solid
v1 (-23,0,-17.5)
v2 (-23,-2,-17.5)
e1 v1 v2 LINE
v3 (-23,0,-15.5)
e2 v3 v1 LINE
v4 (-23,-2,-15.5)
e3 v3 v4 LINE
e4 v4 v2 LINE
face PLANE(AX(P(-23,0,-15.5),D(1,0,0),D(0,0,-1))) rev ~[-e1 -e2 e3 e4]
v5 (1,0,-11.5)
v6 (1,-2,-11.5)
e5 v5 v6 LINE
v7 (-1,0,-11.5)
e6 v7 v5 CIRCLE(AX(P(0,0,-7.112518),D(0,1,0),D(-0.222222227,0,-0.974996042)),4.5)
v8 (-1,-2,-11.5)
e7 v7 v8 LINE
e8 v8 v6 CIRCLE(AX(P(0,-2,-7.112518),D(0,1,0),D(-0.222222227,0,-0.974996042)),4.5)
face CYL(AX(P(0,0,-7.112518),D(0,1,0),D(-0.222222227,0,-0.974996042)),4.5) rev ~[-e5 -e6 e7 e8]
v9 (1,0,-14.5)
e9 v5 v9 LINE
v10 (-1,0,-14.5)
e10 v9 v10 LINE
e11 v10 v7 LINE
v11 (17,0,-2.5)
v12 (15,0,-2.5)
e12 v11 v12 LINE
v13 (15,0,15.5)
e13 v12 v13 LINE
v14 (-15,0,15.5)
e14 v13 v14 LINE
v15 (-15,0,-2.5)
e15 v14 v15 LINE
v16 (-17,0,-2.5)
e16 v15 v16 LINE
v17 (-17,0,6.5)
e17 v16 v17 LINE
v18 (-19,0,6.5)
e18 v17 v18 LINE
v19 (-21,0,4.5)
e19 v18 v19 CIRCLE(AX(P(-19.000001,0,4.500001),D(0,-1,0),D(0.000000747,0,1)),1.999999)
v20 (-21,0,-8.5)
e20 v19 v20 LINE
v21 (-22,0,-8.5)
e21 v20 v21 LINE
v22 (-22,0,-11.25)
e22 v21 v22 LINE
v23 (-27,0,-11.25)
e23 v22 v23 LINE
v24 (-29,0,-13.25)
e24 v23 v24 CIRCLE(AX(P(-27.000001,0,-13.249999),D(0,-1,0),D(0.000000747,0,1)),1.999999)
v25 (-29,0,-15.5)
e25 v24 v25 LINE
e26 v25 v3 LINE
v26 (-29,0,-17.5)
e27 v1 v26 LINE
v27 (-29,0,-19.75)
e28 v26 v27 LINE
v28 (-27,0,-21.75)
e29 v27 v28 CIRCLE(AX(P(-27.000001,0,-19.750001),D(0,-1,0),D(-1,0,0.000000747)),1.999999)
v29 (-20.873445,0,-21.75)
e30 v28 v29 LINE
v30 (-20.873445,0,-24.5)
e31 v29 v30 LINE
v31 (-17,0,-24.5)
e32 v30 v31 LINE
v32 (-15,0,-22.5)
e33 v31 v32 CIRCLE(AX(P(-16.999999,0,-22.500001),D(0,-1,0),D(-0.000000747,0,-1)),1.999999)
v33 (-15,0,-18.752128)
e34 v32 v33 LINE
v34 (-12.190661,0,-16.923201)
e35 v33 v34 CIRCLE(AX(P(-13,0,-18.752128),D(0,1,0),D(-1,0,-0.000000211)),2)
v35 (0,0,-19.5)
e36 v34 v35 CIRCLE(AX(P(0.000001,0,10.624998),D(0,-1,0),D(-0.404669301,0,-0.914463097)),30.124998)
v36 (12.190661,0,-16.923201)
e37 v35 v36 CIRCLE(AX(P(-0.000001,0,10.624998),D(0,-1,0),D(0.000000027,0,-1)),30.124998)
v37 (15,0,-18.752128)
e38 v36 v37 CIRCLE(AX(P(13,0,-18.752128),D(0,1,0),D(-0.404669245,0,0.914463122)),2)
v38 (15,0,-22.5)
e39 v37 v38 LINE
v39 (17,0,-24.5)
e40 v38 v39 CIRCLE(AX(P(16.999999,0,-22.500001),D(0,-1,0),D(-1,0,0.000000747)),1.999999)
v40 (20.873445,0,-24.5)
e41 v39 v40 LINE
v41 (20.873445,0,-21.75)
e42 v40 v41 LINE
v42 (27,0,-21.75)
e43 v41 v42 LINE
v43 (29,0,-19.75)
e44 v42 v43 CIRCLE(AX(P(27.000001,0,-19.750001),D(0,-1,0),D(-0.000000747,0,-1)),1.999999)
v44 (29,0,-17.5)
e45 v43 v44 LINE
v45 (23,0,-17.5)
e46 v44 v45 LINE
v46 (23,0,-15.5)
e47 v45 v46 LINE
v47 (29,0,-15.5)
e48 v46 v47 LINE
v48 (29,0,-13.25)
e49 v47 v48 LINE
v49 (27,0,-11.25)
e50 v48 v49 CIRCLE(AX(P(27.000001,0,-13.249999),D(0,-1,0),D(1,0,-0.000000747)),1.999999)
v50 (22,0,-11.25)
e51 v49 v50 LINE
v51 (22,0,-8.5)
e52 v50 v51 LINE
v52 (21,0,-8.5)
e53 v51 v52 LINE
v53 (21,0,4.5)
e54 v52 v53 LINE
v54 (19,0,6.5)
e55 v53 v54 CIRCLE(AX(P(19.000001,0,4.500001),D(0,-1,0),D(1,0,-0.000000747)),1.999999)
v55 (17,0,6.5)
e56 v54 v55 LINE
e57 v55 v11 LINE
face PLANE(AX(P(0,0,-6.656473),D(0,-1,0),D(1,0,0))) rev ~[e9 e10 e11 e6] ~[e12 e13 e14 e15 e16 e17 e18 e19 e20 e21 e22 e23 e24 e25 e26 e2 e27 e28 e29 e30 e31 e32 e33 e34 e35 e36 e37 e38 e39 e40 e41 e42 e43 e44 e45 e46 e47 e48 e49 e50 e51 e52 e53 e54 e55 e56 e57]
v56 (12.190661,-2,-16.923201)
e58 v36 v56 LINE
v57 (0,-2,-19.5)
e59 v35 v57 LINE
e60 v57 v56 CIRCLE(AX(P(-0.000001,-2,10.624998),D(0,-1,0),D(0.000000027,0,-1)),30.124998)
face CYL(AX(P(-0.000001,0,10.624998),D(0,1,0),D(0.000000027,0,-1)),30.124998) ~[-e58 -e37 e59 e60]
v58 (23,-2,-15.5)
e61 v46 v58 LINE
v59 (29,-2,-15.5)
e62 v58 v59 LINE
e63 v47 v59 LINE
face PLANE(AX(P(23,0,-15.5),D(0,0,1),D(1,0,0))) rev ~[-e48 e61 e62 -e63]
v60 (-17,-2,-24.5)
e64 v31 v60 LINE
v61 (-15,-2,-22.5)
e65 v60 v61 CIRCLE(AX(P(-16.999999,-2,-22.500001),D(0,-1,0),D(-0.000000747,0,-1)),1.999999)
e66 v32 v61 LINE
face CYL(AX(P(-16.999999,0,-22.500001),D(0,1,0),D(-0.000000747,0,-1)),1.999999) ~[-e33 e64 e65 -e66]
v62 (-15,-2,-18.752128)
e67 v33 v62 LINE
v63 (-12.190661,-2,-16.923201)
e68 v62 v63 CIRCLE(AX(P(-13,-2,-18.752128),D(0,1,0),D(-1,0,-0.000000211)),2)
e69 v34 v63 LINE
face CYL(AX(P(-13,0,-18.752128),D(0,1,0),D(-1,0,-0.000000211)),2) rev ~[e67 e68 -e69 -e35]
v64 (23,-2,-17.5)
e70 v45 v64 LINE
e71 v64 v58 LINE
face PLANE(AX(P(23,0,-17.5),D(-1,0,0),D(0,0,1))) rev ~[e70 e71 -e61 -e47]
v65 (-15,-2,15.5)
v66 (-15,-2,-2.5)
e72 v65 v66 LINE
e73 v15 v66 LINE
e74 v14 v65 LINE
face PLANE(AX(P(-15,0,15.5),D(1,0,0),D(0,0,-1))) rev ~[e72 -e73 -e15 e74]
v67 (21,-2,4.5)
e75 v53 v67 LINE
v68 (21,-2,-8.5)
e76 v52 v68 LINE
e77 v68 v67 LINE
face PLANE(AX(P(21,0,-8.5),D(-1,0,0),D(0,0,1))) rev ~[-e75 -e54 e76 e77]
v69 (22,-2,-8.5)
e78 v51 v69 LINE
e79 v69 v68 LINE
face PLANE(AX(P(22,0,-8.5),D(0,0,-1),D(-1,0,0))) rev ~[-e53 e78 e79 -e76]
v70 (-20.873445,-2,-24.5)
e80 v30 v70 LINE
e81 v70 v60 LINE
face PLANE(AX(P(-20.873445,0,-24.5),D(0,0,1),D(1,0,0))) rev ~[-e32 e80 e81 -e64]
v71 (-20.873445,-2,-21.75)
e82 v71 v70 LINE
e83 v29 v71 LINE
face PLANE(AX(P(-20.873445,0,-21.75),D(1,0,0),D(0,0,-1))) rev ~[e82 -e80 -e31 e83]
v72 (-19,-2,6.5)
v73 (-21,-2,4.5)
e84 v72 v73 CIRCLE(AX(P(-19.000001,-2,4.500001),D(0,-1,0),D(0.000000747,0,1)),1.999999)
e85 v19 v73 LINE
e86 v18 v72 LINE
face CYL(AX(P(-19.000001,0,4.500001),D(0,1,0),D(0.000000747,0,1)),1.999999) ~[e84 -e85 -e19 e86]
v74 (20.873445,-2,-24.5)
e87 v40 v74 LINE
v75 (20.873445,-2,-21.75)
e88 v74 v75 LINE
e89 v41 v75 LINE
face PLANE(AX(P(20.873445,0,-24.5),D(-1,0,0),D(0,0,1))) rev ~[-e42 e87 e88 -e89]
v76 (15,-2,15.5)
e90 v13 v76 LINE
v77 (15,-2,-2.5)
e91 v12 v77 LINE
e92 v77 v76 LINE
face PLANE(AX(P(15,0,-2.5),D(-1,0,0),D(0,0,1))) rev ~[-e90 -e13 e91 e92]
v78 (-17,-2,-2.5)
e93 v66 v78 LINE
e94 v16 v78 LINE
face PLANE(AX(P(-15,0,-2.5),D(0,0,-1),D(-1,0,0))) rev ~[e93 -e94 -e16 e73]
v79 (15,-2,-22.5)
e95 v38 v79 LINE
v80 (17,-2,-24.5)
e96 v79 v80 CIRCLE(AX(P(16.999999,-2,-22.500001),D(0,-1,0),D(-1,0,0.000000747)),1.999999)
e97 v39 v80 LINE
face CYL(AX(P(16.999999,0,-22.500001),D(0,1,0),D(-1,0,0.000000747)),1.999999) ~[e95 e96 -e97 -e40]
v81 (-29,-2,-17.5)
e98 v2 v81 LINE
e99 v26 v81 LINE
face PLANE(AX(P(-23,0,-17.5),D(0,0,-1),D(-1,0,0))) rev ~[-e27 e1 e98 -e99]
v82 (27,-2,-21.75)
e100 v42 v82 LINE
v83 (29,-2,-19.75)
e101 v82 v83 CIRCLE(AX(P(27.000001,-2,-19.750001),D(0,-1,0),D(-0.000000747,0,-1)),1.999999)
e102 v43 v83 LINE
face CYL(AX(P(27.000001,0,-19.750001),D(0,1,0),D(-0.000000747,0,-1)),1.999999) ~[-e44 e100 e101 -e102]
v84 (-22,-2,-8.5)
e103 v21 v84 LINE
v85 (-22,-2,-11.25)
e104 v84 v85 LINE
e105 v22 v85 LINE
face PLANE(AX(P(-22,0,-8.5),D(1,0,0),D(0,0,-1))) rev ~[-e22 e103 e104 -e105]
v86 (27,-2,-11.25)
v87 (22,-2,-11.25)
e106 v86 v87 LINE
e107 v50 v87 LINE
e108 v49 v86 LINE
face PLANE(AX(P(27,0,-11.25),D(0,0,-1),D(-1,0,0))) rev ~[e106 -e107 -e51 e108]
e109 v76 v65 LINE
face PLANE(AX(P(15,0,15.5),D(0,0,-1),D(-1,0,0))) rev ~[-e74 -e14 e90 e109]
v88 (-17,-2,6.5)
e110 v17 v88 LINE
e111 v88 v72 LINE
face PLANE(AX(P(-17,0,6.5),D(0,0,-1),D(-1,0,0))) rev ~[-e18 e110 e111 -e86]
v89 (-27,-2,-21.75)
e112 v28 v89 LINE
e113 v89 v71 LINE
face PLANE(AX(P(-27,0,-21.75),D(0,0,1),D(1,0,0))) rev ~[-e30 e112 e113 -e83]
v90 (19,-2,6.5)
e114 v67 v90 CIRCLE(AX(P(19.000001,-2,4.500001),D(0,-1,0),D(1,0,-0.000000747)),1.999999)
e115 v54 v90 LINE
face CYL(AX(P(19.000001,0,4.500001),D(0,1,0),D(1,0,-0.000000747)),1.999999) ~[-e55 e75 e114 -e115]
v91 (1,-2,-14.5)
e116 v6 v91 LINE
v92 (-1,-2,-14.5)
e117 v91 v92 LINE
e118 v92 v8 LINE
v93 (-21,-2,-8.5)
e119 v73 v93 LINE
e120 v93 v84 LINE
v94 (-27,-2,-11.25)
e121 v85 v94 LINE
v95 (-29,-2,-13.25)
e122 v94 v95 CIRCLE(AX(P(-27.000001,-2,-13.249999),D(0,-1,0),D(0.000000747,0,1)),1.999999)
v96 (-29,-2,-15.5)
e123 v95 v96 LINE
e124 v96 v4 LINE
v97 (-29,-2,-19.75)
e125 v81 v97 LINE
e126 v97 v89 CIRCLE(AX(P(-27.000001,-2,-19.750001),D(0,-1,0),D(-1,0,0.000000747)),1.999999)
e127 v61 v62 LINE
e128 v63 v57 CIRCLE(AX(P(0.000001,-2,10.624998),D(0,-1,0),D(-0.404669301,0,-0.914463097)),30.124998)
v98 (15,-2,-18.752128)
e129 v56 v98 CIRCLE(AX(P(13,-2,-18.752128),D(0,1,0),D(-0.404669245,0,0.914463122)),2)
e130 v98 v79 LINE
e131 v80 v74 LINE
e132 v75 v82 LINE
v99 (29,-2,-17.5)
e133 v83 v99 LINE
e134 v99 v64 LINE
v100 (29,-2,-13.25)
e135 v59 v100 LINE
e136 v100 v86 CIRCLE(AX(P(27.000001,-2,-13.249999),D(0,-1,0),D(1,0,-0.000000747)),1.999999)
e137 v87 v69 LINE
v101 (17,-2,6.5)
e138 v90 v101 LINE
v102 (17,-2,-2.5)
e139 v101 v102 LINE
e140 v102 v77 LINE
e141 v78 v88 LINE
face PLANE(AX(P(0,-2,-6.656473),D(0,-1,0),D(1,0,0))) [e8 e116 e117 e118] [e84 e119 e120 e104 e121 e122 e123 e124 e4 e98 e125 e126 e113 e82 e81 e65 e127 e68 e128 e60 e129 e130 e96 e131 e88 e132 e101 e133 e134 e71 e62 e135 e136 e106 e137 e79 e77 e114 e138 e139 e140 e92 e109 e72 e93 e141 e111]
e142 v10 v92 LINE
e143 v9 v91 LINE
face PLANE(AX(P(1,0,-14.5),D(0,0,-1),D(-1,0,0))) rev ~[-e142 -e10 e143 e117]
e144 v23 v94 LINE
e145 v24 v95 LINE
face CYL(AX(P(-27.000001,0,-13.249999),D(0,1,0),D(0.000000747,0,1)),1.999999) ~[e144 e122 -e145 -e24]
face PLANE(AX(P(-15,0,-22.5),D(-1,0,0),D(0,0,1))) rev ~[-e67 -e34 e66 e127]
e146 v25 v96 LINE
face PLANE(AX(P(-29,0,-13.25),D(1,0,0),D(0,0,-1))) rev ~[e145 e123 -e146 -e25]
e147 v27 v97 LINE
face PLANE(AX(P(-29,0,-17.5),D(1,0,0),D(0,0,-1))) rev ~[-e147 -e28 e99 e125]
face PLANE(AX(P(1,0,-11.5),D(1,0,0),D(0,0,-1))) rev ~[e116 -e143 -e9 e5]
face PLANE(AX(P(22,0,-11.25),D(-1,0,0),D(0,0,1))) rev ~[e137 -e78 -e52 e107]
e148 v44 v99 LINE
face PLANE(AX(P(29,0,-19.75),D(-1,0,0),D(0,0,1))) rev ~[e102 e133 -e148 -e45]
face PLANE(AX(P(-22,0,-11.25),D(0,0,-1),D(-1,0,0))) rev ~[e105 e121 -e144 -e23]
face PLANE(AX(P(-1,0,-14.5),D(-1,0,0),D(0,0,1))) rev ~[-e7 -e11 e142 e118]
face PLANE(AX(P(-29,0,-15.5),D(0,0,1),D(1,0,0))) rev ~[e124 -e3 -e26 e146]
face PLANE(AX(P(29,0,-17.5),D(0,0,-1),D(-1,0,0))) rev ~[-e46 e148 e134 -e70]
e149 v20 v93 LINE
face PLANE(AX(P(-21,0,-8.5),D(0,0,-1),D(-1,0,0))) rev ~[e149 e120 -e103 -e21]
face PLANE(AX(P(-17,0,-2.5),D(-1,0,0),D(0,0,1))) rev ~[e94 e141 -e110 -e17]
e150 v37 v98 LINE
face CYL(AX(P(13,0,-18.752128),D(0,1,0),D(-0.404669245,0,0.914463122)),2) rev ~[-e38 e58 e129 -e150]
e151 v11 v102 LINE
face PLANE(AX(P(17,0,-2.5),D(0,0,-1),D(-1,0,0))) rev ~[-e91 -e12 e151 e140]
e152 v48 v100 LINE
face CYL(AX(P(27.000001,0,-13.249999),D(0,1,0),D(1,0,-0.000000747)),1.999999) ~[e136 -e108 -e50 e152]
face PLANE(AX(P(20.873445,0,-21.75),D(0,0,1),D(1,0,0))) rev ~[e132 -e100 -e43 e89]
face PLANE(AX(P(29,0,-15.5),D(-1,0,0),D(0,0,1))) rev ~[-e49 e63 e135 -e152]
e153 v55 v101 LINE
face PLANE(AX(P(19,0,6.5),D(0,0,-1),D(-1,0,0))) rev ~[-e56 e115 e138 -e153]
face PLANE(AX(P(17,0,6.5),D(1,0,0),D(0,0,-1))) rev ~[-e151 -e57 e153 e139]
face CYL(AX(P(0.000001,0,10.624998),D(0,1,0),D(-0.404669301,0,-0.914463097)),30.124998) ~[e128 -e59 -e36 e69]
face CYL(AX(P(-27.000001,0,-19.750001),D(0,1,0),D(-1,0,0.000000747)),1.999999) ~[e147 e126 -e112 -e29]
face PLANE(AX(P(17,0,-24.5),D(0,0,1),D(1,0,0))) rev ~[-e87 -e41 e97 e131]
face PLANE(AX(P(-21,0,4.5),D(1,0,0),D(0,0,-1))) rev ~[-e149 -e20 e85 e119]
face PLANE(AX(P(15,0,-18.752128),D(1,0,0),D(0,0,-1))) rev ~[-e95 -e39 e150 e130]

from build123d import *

# Parameters (mm, degrees)
F1_DEPTH = 2


with BuildPart() as f1:
    # F0 (on Front) → F1 (new body)
    with BuildSketch(Plane.XZ):
        with BuildLine():
            Line((15, 15.5), (-15, 15.5))
            Line((-15, 15.5), (-15, -2.5))
            Line((-15, -2.5), (-17, -2.5))
            Line((-17, -2.5), (-17, 6.5))
            Line((-17, 6.5), (-19, 6.5))
            ThreePointArc((-19, 6.5), (-20.414214, 5.914214), (-21, 4.5))
            Line((-21, 4.5), (-21, -8.5))
            Line((-21, -8.5), (-22, -8.5))
            Line((-22, -8.5), (-22, -11.25))
            Line((-22, -11.25), (-27, -11.25))
            ThreePointArc((-27, -11.25), (-28.414214, -11.835786), (-29, -13.25))
            Line((-29, -13.25), (-29, -15.5))
            Line((-29, -15.5), (-23, -15.5))
            Line((-23, -15.5), (-23, -17.5))
            Line((-23, -17.5), (-29, -17.5))
            Line((-29, -17.5), (-29, -19.75))
            ThreePointArc((-29, -19.75), (-28.414214, -21.164214), (-27, -21.75))
            Line((-27, -21.75), (-20.873445, -21.75))
            Line((-20.873445, -21.75), (-20.873445, -24.5))
            Line((-20.873445, -24.5), (-17, -24.5))
            ThreePointArc((-17, -24.5), (-15.585786, -23.914214), (-15, -22.5))
            Line((-15, -22.5), (-15, -18.752128))
            ThreePointArc((-15, -18.752128), (-14.091174, -17.076019), (-12.190661, -16.923201))
            ThreePointArc((-12.190661, -16.923201), (-6.23001, -18.848761), (0, -19.5))
            ThreePointArc((0, -19.5), (6.23001, -18.848761), (12.190661, -16.923201))
            ThreePointArc((12.190661, -16.923201), (14.091174, -17.076019), (15, -18.752128))
            Line((15, -18.752128), (15, -22.5))
            ThreePointArc((15, -22.5), (15.585786, -23.914214), (17, -24.5))
            Line((17, -24.5), (20.873445, -24.5))
            Line((20.873445, -24.5), (20.873445, -21.75))
            Line((20.873445, -21.75), (27, -21.75))
            ThreePointArc((27, -21.75), (28.414214, -21.164214), (29, -19.75))
            Line((29, -19.75), (29, -17.5))
            Line((29, -17.5), (23, -17.5))
            Line((23, -17.5), (23, -15.5))
            Line((23, -15.5), (29, -15.5))
            Line((29, -15.5), (29, -13.25))
            ThreePointArc((29, -13.25), (28.414214, -11.835786), (27, -11.25))
            Line((27, -11.25), (22, -11.25))
            Line((22, -11.25), (22, -8.5))
            Line((22, -8.5), (21, -8.5))
            Line((21, -8.5), (21, 4.5))
            ThreePointArc((21, 4.5), (20.414214, 5.914214), (19, 6.5))
            Line((19, 6.5), (17, 6.5))
            Line((17, 6.5), (17, -2.5))
            Line((17, -2.5), (15, -2.5))
            Line((15, -2.5), (15, 15.5))
        make_face()
        with BuildLine():
            Line((1, -14.5), (0, -14.5))
            Line((0, -14.5), (-1, -14.5))
            Line((-1, -14.5), (-1, -11.5))
            ThreePointArc((-1, -11.5), (0, -2.612518), (1, -11.5))
            Line((1, -11.5), (1, -14.5))
        make_face(mode=Mode.SUBTRACT)
    extrude(amount=F1_DEPTH)


solid = f1.part
